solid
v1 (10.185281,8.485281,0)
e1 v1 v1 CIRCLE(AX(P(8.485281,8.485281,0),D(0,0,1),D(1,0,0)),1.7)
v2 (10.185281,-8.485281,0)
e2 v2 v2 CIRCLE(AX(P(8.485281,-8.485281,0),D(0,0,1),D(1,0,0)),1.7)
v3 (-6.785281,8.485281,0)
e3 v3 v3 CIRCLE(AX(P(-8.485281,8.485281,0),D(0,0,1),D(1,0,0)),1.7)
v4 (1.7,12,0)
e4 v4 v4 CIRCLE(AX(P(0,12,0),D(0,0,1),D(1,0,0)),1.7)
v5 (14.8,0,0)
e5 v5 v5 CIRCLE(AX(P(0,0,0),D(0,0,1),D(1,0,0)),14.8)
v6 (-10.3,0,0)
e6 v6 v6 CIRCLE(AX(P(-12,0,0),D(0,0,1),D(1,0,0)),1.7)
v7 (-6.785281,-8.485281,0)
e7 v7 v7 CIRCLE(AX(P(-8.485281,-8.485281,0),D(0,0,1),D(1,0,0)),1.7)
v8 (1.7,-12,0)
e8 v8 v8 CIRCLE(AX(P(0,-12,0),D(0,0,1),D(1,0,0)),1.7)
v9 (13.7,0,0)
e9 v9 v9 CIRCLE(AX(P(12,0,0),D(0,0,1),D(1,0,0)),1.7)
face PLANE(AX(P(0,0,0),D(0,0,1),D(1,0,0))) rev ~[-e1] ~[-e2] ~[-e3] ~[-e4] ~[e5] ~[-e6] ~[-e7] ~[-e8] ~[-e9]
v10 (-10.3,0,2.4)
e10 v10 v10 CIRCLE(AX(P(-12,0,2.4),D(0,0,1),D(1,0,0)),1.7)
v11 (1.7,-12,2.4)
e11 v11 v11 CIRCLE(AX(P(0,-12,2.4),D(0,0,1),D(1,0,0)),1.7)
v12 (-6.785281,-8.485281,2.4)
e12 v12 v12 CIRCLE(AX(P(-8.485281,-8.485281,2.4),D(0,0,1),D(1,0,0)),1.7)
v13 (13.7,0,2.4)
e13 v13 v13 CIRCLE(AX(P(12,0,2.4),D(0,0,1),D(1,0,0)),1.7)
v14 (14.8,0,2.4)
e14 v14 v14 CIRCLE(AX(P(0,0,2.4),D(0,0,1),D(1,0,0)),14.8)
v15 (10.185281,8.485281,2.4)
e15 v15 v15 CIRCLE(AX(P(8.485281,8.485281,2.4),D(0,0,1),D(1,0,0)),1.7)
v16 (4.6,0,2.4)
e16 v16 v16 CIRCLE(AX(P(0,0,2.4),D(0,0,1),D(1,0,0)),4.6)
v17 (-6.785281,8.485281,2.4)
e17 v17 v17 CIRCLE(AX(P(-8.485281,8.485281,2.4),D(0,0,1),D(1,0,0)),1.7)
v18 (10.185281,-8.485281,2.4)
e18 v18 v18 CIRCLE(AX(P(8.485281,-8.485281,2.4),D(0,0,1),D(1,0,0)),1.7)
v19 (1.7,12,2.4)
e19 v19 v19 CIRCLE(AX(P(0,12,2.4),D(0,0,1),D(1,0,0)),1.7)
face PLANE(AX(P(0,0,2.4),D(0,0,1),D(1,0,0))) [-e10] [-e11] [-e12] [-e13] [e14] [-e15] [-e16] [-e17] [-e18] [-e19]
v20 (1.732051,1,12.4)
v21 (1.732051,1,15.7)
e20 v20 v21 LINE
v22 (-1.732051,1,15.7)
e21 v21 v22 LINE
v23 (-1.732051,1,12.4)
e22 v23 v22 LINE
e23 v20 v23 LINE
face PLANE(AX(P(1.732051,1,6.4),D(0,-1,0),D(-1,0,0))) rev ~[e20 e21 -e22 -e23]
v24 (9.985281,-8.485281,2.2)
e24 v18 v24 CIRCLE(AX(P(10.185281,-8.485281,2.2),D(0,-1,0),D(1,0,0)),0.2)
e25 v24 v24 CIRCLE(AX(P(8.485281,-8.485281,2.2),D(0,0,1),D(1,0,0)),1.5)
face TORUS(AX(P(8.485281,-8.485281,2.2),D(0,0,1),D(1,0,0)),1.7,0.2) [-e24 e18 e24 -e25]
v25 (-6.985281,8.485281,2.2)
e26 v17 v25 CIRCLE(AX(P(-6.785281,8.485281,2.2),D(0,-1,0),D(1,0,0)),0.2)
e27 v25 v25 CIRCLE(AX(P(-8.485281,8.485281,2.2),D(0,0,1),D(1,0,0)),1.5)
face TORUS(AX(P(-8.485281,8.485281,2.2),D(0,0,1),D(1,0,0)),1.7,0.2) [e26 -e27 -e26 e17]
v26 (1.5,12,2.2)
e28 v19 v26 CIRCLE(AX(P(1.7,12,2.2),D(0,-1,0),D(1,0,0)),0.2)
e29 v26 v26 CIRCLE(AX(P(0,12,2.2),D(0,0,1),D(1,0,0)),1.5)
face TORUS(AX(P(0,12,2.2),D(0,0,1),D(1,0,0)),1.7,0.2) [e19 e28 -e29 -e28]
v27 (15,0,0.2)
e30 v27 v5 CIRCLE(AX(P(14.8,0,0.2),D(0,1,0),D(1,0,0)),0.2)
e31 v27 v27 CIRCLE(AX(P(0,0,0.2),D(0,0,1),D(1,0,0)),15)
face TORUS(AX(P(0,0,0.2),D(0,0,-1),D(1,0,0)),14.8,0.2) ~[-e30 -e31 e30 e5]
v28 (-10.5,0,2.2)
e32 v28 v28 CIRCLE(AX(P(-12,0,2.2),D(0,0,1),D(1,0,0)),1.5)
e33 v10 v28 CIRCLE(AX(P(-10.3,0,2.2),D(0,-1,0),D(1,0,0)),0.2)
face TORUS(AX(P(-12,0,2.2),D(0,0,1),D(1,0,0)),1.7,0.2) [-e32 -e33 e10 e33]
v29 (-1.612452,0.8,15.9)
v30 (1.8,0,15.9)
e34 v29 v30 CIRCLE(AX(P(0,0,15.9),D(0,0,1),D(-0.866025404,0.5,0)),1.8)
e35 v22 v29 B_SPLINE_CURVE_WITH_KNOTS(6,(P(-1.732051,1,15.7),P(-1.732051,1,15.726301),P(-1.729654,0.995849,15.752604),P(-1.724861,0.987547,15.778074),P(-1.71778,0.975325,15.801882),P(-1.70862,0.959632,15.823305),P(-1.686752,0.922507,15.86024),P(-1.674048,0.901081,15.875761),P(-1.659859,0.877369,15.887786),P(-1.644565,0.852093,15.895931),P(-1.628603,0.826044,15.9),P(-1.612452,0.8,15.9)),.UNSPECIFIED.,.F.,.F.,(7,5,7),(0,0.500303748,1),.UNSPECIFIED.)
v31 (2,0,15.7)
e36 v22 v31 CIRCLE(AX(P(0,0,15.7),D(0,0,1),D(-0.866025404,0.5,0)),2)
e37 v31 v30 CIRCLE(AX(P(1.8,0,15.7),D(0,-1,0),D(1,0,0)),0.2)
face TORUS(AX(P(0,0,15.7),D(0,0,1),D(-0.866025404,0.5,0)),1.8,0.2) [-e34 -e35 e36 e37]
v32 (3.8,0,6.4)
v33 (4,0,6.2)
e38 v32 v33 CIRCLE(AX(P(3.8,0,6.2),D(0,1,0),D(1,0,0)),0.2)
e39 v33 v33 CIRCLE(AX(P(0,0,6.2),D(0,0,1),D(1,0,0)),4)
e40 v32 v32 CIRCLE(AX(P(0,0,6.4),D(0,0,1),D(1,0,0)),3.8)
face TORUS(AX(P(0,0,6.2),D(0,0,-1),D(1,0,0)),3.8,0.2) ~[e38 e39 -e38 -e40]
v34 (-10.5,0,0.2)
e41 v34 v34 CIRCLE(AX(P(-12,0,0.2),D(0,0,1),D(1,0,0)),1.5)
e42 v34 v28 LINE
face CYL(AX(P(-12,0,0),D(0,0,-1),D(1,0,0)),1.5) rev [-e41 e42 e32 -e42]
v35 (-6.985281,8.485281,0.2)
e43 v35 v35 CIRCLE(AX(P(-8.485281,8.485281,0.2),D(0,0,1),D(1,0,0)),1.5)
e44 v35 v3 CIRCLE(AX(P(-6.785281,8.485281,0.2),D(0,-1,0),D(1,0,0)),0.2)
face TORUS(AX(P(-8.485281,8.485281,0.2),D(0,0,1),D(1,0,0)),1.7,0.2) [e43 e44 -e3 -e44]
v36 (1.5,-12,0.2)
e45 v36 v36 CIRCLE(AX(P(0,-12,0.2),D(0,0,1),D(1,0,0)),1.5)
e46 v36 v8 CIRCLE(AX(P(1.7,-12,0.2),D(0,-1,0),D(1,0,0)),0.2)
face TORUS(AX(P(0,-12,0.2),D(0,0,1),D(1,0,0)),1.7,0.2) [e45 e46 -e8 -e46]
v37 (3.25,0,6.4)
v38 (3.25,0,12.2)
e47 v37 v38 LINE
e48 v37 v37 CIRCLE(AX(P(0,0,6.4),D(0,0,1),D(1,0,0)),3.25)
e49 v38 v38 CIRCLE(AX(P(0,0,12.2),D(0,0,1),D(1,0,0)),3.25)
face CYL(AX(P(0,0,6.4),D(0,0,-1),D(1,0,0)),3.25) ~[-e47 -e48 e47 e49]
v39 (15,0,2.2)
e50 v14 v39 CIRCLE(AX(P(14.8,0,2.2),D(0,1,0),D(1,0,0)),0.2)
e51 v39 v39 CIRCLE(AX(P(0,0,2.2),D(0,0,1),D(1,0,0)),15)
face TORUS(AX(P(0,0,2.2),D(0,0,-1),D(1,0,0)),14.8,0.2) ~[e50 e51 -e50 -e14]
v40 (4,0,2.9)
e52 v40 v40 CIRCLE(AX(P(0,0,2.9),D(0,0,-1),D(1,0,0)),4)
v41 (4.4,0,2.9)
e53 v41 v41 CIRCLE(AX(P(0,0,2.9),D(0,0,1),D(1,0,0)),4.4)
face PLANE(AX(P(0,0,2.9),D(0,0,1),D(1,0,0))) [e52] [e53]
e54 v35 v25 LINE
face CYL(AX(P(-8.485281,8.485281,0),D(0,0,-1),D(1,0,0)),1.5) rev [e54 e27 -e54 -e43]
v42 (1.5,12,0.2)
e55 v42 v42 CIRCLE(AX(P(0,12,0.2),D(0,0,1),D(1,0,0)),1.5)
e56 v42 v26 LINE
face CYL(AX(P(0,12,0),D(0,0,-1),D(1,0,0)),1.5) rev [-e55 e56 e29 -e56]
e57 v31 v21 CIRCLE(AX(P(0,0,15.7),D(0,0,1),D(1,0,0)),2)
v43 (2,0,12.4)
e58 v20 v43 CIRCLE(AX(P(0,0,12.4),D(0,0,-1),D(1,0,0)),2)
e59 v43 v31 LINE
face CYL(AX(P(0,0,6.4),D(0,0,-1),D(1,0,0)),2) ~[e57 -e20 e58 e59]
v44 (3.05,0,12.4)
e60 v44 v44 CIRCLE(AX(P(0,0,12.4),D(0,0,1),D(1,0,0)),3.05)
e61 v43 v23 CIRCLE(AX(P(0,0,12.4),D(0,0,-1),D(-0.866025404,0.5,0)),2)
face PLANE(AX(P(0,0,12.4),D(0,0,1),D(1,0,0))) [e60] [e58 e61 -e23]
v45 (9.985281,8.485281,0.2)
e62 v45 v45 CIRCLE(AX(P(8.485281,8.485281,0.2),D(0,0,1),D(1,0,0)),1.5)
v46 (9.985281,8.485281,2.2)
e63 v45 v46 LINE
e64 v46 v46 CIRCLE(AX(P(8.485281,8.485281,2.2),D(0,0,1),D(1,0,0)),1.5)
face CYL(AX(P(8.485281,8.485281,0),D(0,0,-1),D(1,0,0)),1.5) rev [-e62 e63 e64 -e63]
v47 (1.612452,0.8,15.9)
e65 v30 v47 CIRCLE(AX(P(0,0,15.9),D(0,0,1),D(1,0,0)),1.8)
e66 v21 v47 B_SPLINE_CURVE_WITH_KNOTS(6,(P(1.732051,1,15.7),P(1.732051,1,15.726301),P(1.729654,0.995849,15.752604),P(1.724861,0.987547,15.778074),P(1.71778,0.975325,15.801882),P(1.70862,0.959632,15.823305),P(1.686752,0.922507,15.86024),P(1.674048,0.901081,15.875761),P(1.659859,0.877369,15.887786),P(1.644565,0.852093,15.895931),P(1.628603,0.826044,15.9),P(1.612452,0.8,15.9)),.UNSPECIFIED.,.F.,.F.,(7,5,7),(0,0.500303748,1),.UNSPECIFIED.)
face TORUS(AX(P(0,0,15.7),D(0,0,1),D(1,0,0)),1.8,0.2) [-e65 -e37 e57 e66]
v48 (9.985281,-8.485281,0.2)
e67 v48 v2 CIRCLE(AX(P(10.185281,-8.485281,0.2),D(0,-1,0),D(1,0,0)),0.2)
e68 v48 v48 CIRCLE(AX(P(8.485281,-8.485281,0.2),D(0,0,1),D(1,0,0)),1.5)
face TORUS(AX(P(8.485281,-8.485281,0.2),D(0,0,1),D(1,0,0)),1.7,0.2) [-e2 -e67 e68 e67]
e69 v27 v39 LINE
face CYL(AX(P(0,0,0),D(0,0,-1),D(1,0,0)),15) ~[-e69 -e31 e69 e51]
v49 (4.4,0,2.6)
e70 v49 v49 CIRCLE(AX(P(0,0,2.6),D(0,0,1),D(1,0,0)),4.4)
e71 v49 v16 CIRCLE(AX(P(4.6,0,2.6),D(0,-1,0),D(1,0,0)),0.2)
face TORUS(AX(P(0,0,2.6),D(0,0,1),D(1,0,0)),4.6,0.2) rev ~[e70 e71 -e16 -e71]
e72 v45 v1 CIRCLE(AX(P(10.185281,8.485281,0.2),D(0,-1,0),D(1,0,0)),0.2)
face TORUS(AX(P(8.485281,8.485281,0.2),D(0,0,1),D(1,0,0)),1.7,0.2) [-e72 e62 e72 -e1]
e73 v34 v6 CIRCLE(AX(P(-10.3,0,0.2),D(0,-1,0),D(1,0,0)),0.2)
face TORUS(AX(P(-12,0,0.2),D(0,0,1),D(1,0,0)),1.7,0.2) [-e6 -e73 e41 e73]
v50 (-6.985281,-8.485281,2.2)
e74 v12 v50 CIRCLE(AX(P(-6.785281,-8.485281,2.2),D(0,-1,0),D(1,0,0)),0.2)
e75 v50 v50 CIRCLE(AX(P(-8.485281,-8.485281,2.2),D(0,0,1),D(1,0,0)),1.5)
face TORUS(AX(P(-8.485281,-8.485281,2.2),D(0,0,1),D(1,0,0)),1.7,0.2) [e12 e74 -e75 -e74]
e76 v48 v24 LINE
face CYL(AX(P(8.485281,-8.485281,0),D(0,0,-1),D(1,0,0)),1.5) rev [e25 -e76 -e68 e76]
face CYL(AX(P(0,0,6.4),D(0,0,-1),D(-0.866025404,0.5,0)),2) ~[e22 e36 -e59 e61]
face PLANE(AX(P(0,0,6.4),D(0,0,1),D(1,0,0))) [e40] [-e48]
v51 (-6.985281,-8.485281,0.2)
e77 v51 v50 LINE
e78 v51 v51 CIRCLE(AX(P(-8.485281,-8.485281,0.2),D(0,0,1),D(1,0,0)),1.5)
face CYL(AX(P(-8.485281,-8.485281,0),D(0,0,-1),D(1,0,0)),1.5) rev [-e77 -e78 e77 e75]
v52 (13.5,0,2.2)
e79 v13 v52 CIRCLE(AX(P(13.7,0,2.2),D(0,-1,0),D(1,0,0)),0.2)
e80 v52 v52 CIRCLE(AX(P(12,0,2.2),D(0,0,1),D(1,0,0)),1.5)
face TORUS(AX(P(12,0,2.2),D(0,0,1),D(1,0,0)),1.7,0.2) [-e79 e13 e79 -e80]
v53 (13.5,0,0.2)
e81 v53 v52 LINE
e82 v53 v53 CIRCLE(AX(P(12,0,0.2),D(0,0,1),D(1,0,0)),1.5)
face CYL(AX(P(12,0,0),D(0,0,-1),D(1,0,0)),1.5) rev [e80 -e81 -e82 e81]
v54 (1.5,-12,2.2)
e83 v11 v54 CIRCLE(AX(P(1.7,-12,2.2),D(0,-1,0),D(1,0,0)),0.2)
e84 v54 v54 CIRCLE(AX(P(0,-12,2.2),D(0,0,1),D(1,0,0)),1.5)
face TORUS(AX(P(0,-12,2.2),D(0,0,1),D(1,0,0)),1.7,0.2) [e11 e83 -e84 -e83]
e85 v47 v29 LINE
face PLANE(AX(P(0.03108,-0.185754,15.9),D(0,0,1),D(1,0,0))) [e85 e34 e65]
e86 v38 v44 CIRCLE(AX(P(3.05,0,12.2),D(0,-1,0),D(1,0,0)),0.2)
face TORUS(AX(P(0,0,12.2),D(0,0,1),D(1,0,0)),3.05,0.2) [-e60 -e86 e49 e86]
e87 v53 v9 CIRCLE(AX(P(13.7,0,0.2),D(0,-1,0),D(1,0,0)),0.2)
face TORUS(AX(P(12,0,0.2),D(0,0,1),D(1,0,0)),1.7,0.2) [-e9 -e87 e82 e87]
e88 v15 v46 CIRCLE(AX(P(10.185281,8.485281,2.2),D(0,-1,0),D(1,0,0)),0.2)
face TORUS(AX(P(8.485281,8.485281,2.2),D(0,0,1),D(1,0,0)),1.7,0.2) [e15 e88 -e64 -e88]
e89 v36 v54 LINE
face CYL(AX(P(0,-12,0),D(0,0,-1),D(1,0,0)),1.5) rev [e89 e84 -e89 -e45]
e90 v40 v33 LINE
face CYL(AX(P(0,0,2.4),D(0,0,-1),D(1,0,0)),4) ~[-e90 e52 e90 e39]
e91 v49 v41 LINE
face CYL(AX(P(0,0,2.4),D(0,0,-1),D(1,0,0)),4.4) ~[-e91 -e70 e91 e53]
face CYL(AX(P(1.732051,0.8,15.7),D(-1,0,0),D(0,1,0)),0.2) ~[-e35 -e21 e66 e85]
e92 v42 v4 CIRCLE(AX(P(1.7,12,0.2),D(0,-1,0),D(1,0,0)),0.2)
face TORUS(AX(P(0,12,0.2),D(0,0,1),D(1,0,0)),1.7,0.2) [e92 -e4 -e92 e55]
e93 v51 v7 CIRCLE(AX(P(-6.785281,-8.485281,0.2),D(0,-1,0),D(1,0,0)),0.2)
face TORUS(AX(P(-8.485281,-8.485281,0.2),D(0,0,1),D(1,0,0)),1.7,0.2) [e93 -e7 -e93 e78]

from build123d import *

# Parameters (mm, degrees)
F0_R     = 15
F0_R_2   = 1.5
F1_DEPTH = 2.4
F2_R     = 4
F3_DEPTH = 4
F4_R     = 4.4
F5_DEPTH = 0.5
F7_DEPTH = 9.5
F8_R     = 3.25
F9_DEPTH = 6
F10_R    = 0.2


with BuildPart() as f1:
    # F0 (on Top) → F1 (new body)
    with BuildSketch(Plane.XY):
        Circle(F0_R)
        with Locations((-8.4852813742, -8.4852813742)):
            Circle(F0_R_2, mode=Mode.SUBTRACT)
        with Locations((0, -12)):
            Circle(F0_R_2, mode=Mode.SUBTRACT)
        with Locations((8.4852813742, -8.4852813742)):
            Circle(F0_R_2, mode=Mode.SUBTRACT)
        with Locations((-12, 0)):
            Circle(F0_R_2, mode=Mode.SUBTRACT)
        with Locations((-8.4852813742, 8.4852813742)):
            Circle(F0_R_2, mode=Mode.SUBTRACT)
        with Locations((12, 0)):
            Circle(F0_R_2, mode=Mode.SUBTRACT)
        with Locations((0, 12)):
            Circle(F0_R_2, mode=Mode.SUBTRACT)
        with Locations((8.4852813742, 8.4852813742)):
            Circle(F0_R_2, mode=Mode.SUBTRACT)
    extrude(amount=F1_DEPTH)

    # F2 (on face) → F3 (join)
    with BuildSketch(Plane.XY.offset(2.4)):
        Circle(F2_R)
    extrude(amount=F3_DEPTH)

    # F4 (on face) → F5 (join)
    with BuildSketch(Plane.XY.offset(2.4)):
        Circle(F4_R)
    extrude(amount=F5_DEPTH)

    # F6 (on face) → F7 (join)
    with BuildSketch(Plane.XY.offset(6.4)):
        with BuildLine():
            Line((1.7320508076, 1), (-1.7320508076, 1))
            ThreePointArc((-1.7320508076, 1), (-0.5176380902, -1.9318516526), (2, 0))
            ThreePointArc((2, 0), (1.9318516526, 0.5176380902), (1.7320508076, 1))
        make_face()
    extrude(amount=F7_DEPTH)

    # F8 (on face) → F9 (join)
    with BuildSketch(Plane.XY.offset(6.4)):
        Circle(F8_R)
    extrude(amount=F9_DEPTH)

    # F10
    f10_edges = [f1.edges().sort_by_distance(p)[0] for p in [
        (0, 1, 15.9),
        (-0.517638, -1.931852, 15.9),
        (1.931852, 0.517638, 15.9),
        (-3.25, 0, 12.4),
        (-4, 0, 6.4),
        (-15, 0, 0),
        (-9.985281, -8.485281, 0),
        (-1.5, -12, 0),
        (6.985281, -8.485281, 0),
        (-13.5, 0, 0),
        (-9.985281, 8.485281, 0),
        (10.5, 0, 0),
        (-1.5, 12, 0),
        (6.985281, 8.485281, 0),
        (-15, 0, 2.4),
        (-9.985281, -8.485281, 2.4),
        (-1.5, -12, 2.4),
        (6.985281, -8.485281, 2.4),
        (-13.5, 0, 2.4),
        (-9.985281, 8.485281, 2.4),
        (-4.4, 0, 2.4),
        (10.5, 0, 2.4),
        (-1.5, 12, 2.4),
        (6.985281, 8.485281, 2.4),
    ]]
    fillet(f10_edges, radius=F10_R)


solid = f1.part
